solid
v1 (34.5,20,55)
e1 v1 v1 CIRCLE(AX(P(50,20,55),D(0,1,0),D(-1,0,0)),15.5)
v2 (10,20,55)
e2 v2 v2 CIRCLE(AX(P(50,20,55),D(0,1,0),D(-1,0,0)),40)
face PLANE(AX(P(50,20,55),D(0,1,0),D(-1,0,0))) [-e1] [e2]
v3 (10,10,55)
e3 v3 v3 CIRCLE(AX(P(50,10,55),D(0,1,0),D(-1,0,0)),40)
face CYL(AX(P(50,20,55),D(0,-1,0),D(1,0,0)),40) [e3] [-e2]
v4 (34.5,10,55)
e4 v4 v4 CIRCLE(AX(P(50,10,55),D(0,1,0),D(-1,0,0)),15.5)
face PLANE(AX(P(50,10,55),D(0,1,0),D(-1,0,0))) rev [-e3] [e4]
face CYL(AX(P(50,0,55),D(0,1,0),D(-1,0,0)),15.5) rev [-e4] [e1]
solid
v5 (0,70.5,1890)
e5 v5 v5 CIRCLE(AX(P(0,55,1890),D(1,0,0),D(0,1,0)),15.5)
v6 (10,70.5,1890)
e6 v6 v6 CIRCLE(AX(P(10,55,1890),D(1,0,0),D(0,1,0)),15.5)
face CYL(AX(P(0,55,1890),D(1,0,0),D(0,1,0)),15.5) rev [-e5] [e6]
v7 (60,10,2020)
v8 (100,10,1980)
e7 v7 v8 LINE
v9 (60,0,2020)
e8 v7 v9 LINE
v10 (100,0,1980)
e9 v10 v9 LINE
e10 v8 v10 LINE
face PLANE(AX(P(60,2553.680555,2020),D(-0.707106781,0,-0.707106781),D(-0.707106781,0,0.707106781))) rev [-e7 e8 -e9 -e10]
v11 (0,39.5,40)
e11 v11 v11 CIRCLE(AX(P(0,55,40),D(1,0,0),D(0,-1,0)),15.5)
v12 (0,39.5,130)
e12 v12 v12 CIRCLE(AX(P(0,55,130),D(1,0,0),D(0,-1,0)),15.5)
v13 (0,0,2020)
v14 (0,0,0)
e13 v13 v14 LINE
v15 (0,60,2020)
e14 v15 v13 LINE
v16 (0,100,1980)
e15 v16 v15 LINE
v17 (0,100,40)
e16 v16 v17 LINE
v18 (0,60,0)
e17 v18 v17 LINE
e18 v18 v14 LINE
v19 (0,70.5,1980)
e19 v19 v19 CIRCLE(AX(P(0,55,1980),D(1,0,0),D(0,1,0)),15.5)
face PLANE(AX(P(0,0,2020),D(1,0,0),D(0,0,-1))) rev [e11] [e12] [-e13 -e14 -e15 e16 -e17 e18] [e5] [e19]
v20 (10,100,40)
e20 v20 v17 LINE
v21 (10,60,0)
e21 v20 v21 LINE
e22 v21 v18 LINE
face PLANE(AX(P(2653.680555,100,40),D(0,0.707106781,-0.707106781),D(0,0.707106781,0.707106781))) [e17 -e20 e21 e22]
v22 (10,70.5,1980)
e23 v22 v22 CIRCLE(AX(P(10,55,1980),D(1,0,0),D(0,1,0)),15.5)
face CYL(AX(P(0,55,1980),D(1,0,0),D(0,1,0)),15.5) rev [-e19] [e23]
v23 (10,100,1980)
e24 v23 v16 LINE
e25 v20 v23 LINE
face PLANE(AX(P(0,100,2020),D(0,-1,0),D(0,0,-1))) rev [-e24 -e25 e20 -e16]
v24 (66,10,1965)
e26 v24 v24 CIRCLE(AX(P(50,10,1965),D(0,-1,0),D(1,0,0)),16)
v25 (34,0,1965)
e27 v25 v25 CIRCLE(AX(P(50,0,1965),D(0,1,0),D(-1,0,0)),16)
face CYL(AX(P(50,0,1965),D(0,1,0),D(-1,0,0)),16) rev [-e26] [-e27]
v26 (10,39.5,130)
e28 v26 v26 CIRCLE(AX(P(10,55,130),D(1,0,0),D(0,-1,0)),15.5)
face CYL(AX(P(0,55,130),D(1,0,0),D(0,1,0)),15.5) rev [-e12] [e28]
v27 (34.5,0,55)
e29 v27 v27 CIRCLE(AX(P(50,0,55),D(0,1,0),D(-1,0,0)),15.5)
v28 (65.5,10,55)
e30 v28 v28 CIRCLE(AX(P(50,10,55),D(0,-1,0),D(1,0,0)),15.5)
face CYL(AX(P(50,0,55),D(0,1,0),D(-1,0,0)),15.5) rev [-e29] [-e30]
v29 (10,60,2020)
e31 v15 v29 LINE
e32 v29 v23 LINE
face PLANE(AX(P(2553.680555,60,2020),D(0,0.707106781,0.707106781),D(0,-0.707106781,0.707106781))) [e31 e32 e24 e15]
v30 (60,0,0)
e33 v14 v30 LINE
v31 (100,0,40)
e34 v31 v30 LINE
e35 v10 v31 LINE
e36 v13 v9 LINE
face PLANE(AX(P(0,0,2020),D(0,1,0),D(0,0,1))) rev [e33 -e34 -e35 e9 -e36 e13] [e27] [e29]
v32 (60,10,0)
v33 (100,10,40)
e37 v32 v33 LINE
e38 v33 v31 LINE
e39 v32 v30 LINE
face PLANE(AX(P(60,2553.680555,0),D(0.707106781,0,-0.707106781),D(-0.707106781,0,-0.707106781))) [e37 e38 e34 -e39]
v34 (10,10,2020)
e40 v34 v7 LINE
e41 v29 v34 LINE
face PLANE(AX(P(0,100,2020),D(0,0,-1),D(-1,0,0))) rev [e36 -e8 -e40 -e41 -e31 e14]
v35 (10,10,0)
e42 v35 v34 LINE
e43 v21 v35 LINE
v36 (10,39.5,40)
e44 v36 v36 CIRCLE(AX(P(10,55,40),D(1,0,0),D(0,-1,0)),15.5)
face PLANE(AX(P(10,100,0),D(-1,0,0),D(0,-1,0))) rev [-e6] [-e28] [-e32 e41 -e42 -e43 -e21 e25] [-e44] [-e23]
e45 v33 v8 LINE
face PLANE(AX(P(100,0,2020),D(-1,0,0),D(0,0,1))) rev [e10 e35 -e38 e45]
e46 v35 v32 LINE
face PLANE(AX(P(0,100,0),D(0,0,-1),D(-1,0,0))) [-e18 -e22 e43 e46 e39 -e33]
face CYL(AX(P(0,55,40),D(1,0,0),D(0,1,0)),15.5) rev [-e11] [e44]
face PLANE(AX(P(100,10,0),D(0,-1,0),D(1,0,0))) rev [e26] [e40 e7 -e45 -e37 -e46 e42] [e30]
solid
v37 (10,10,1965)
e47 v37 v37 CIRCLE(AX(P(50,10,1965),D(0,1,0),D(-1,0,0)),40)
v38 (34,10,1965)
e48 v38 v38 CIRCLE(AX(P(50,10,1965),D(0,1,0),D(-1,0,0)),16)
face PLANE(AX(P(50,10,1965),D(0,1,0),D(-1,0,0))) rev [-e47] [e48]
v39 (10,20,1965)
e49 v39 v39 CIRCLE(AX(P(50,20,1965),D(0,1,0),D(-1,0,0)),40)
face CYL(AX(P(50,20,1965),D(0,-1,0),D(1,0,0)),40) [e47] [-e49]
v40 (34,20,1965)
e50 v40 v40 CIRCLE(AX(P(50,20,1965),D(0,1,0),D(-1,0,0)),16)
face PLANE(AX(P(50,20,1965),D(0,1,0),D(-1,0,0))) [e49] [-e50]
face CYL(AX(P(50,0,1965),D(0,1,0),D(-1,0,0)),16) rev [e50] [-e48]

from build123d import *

# Parameters (mm, degrees)
SKETCH_1_W                = 100
SKETCH_1_H                = 100
EXTRUDE_1_DEPTH           = 2020
SKETCH_2_W                = 90
SKETCH_2_H                = 90
CUT_EXTRUDE_2_DEPTH       = 2025.944443682
SKETCH_3_R                = 15.5
CUT_EXTRUDE_3_DEPTH       = 2025.475240649
SKETCH_7_R                = 40
EXTRUDE_11_DEPTH          = 10
SKETCH_8_R                = 40
EXTRUDE_14_DEPTH          = 10
SKETCH_9_R                = 15.5
CUT_EXTRUDE_17_DEPTH      = 2025.055335212
SKETCH_11_R               = 16
CUT_EXTRUDE_18_DEPTH      = 2025.055335212
CUT_EXTRUDE_20_DEPTH      = 2025.475240649
CUT_EXTRUDE_20_DEPTH_BACK = 2025.475240649
CUT_EXTRUDE_21_DEPTH      = 2025.475240649
CUT_EXTRUDE_21_DEPTH_BACK = 2025.475240649
CUT_EXTRUDE_22_DEPTH      = 2025.475240649
CUT_EXTRUDE_22_DEPTH_BACK = 2025.475240649
CUT_EXTRUDE_23_DEPTH      = 2025.475240649
CUT_EXTRUDE_23_DEPTH_BACK = 2025.475240649


with BuildPart() as part:
    # 草图1 → 拉伸1 (new body)
    with BuildSketch(Plane.XY):
        with Locations((50, 50)):
            Rectangle(SKETCH_1_W, SKETCH_1_H)
    extrude(amount=EXTRUDE_1_DEPTH)

    # 草图2 → 拉伸2 (cut, through all)
    with BuildSketch(Plane.XY.offset(2020)):
        with Locations((55, 55)):
            Rectangle(SKETCH_2_W, SKETCH_2_H)
    extrude(amount=-CUT_EXTRUDE_2_DEPTH, mode=Mode.SUBTRACT)

    # 草图3 → 拉伸3 (cut, through all)
    with BuildSketch(Plane(origin=(10, 0, 0), x_dir=(0, 0, -1), z_dir=(1, 0, 0))):
        with Locations(Location((-1980, 55, 0), (0, 0, 90))):
            Circle(SKETCH_3_R)
        with Locations(Location((-1890, 55, 0), (0, 0, 90))):
            Circle(SKETCH_3_R)
        with Locations(Location((-130, 55, 0), (0, 0, 270))):
            Circle(SKETCH_3_R)
        with Locations(Location((-40, 55, 0), (0, 0, 270))):
            Circle(SKETCH_3_R)
    extrude(amount=-CUT_EXTRUDE_3_DEPTH, mode=Mode.SUBTRACT)


with BuildPart() as body_2:
    # 草图7 → 拉伸11 (new body)
    with BuildSketch(Plane(origin=(0, 10, 0), x_dir=(1, 0, 0), z_dir=(0, 1, 0))):
        with Locations(Location((50, -1965, 0), (0, 0, 180))):
            Circle(SKETCH_7_R)
    extrude(amount=EXTRUDE_11_DEPTH)


with BuildPart() as body_3:
    # 草图8 → 拉伸14 (new body)
    with BuildSketch(Plane(origin=(0, 10, 0), x_dir=(1, 0, 0), z_dir=(0, 1, 0))):
        with Locations(Location((50, -55, 0), (0, 0, 180))):
            Circle(SKETCH_8_R)
    extrude(amount=EXTRUDE_14_DEPTH)


with BuildPart() as cut_extrude_17_tool:
    # 草图9 → 拉伸17 (new, through all)
    with BuildSketch(Plane(origin=(0, 20, 0), x_dir=(1, 0, 0), z_dir=(0, 1, 0))):
        with Locations(Location((50, -55, 0), (0, 0, 180))):
            Circle(SKETCH_9_R)
    extrude(amount=-CUT_EXTRUDE_17_DEPTH)


with BuildPart() as part_1:
    add(part.part)

    # 拉伸17: cut by cut_extrude_17_tool
    add(cut_extrude_17_tool.part, mode=Mode.SUBTRACT)


with BuildPart() as body_3_1:
    add(body_3.part)

    # 拉伸17: cut by cut_extrude_17_tool
    add(cut_extrude_17_tool.part, mode=Mode.SUBTRACT)


with BuildPart() as cut_extrude_18_tool:
    # 草图11 → 拉伸18 (new, through all)
    with BuildSketch(Plane(origin=(0, 20, 0), x_dir=(1, 0, 0), z_dir=(0, 1, 0))):
        with Locations(Location((50, -1965, 0), (0, 0, 180))):
            Circle(SKETCH_11_R)
    extrude(amount=-CUT_EXTRUDE_18_DEPTH)


with BuildPart() as part_2:
    add(part_1.part)

    # 拉伸18: cut by cut_extrude_18_tool
    add(cut_extrude_18_tool.part, mode=Mode.SUBTRACT)

    # 草图15 → 拉伸20 (cut, two sides: drawn at the far end of the back side and taken through both)
    with BuildSketch(Plane(origin=(0, 10, 0), x_dir=(1, 0, 0), z_dir=(0, 1, 0)).offset(-CUT_EXTRUDE_20_DEPTH_BACK)):
        Polygon((-2805.042376275, -4885.042376275), (60, -2020), (100, -1980), (2965.042376275, 885.042376275), (8695.127128826, -4845.042376275), (2925.042376275, -10615.127128826), align=None)
    extrude(amount=CUT_EXTRUDE_20_DEPTH + CUT_EXTRUDE_20_DEPTH_BACK, mode=Mode.SUBTRACT)

    # 草图17 → 拉伸21 (cut, two sides: drawn at the far end of the back side and taken through both)
    with BuildSketch(Plane(origin=(0, 10, 0), x_dir=(1, 0, 0), z_dir=(0, 1, 0)).offset(-CUT_EXTRUDE_21_DEPTH_BACK)):
        Polygon((-2805.042376275, 2865.042376275), (60, 0), (100, -40), (2965.042376275, -2905.042376275), (8695.127128826, 2825.042376275), (2925.042376275, 8595.127128826), align=None)
    extrude(amount=CUT_EXTRUDE_21_DEPTH + CUT_EXTRUDE_21_DEPTH_BACK, mode=Mode.SUBTRACT)

    # 草图18 → 拉伸22 (cut, two sides: drawn at the far end of the back side and taken through both)
    with BuildSketch(Plane(origin=(10, 0, 0), x_dir=(0, 0, -1), z_dir=(1, 0, 0)).offset(-CUT_EXTRUDE_22_DEPTH_BACK)):
        Polygon((-2905.042376275, 2965.042376275), (-40, 100), (0, 60), (2865.042376275, -2805.042376275), (8595.127128826, 2925.042376275), (2825.042376275, 8695.127128826), align=None)
    extrude(amount=CUT_EXTRUDE_22_DEPTH + CUT_EXTRUDE_22_DEPTH_BACK, mode=Mode.SUBTRACT)

    # 草图19 → 拉伸23 (cut, two sides: drawn at the far end of the back side and taken through both)
    with BuildSketch(Plane(origin=(10, 0, 0), x_dir=(0, 0, -1), z_dir=(1, 0, 0)).offset(-CUT_EXTRUDE_23_DEPTH_BACK)):
        Polygon((-4885.042376275, -2805.042376275), (-2020, 60), (-1980, 100), (885.042376275, 2965.042376275), (-4845.042376275, 8695.127128826), (-10615.127128826, 2925.042376275), align=None)
    extrude(amount=CUT_EXTRUDE_23_DEPTH + CUT_EXTRUDE_23_DEPTH_BACK, mode=Mode.SUBTRACT)


with BuildPart() as body_2_1:
    add(body_2.part)

    # 拉伸18: cut by cut_extrude_18_tool
    add(cut_extrude_18_tool.part, mode=Mode.SUBTRACT)


solid = Compound([body_3_1.part, part_2.part, body_2_1.part])
